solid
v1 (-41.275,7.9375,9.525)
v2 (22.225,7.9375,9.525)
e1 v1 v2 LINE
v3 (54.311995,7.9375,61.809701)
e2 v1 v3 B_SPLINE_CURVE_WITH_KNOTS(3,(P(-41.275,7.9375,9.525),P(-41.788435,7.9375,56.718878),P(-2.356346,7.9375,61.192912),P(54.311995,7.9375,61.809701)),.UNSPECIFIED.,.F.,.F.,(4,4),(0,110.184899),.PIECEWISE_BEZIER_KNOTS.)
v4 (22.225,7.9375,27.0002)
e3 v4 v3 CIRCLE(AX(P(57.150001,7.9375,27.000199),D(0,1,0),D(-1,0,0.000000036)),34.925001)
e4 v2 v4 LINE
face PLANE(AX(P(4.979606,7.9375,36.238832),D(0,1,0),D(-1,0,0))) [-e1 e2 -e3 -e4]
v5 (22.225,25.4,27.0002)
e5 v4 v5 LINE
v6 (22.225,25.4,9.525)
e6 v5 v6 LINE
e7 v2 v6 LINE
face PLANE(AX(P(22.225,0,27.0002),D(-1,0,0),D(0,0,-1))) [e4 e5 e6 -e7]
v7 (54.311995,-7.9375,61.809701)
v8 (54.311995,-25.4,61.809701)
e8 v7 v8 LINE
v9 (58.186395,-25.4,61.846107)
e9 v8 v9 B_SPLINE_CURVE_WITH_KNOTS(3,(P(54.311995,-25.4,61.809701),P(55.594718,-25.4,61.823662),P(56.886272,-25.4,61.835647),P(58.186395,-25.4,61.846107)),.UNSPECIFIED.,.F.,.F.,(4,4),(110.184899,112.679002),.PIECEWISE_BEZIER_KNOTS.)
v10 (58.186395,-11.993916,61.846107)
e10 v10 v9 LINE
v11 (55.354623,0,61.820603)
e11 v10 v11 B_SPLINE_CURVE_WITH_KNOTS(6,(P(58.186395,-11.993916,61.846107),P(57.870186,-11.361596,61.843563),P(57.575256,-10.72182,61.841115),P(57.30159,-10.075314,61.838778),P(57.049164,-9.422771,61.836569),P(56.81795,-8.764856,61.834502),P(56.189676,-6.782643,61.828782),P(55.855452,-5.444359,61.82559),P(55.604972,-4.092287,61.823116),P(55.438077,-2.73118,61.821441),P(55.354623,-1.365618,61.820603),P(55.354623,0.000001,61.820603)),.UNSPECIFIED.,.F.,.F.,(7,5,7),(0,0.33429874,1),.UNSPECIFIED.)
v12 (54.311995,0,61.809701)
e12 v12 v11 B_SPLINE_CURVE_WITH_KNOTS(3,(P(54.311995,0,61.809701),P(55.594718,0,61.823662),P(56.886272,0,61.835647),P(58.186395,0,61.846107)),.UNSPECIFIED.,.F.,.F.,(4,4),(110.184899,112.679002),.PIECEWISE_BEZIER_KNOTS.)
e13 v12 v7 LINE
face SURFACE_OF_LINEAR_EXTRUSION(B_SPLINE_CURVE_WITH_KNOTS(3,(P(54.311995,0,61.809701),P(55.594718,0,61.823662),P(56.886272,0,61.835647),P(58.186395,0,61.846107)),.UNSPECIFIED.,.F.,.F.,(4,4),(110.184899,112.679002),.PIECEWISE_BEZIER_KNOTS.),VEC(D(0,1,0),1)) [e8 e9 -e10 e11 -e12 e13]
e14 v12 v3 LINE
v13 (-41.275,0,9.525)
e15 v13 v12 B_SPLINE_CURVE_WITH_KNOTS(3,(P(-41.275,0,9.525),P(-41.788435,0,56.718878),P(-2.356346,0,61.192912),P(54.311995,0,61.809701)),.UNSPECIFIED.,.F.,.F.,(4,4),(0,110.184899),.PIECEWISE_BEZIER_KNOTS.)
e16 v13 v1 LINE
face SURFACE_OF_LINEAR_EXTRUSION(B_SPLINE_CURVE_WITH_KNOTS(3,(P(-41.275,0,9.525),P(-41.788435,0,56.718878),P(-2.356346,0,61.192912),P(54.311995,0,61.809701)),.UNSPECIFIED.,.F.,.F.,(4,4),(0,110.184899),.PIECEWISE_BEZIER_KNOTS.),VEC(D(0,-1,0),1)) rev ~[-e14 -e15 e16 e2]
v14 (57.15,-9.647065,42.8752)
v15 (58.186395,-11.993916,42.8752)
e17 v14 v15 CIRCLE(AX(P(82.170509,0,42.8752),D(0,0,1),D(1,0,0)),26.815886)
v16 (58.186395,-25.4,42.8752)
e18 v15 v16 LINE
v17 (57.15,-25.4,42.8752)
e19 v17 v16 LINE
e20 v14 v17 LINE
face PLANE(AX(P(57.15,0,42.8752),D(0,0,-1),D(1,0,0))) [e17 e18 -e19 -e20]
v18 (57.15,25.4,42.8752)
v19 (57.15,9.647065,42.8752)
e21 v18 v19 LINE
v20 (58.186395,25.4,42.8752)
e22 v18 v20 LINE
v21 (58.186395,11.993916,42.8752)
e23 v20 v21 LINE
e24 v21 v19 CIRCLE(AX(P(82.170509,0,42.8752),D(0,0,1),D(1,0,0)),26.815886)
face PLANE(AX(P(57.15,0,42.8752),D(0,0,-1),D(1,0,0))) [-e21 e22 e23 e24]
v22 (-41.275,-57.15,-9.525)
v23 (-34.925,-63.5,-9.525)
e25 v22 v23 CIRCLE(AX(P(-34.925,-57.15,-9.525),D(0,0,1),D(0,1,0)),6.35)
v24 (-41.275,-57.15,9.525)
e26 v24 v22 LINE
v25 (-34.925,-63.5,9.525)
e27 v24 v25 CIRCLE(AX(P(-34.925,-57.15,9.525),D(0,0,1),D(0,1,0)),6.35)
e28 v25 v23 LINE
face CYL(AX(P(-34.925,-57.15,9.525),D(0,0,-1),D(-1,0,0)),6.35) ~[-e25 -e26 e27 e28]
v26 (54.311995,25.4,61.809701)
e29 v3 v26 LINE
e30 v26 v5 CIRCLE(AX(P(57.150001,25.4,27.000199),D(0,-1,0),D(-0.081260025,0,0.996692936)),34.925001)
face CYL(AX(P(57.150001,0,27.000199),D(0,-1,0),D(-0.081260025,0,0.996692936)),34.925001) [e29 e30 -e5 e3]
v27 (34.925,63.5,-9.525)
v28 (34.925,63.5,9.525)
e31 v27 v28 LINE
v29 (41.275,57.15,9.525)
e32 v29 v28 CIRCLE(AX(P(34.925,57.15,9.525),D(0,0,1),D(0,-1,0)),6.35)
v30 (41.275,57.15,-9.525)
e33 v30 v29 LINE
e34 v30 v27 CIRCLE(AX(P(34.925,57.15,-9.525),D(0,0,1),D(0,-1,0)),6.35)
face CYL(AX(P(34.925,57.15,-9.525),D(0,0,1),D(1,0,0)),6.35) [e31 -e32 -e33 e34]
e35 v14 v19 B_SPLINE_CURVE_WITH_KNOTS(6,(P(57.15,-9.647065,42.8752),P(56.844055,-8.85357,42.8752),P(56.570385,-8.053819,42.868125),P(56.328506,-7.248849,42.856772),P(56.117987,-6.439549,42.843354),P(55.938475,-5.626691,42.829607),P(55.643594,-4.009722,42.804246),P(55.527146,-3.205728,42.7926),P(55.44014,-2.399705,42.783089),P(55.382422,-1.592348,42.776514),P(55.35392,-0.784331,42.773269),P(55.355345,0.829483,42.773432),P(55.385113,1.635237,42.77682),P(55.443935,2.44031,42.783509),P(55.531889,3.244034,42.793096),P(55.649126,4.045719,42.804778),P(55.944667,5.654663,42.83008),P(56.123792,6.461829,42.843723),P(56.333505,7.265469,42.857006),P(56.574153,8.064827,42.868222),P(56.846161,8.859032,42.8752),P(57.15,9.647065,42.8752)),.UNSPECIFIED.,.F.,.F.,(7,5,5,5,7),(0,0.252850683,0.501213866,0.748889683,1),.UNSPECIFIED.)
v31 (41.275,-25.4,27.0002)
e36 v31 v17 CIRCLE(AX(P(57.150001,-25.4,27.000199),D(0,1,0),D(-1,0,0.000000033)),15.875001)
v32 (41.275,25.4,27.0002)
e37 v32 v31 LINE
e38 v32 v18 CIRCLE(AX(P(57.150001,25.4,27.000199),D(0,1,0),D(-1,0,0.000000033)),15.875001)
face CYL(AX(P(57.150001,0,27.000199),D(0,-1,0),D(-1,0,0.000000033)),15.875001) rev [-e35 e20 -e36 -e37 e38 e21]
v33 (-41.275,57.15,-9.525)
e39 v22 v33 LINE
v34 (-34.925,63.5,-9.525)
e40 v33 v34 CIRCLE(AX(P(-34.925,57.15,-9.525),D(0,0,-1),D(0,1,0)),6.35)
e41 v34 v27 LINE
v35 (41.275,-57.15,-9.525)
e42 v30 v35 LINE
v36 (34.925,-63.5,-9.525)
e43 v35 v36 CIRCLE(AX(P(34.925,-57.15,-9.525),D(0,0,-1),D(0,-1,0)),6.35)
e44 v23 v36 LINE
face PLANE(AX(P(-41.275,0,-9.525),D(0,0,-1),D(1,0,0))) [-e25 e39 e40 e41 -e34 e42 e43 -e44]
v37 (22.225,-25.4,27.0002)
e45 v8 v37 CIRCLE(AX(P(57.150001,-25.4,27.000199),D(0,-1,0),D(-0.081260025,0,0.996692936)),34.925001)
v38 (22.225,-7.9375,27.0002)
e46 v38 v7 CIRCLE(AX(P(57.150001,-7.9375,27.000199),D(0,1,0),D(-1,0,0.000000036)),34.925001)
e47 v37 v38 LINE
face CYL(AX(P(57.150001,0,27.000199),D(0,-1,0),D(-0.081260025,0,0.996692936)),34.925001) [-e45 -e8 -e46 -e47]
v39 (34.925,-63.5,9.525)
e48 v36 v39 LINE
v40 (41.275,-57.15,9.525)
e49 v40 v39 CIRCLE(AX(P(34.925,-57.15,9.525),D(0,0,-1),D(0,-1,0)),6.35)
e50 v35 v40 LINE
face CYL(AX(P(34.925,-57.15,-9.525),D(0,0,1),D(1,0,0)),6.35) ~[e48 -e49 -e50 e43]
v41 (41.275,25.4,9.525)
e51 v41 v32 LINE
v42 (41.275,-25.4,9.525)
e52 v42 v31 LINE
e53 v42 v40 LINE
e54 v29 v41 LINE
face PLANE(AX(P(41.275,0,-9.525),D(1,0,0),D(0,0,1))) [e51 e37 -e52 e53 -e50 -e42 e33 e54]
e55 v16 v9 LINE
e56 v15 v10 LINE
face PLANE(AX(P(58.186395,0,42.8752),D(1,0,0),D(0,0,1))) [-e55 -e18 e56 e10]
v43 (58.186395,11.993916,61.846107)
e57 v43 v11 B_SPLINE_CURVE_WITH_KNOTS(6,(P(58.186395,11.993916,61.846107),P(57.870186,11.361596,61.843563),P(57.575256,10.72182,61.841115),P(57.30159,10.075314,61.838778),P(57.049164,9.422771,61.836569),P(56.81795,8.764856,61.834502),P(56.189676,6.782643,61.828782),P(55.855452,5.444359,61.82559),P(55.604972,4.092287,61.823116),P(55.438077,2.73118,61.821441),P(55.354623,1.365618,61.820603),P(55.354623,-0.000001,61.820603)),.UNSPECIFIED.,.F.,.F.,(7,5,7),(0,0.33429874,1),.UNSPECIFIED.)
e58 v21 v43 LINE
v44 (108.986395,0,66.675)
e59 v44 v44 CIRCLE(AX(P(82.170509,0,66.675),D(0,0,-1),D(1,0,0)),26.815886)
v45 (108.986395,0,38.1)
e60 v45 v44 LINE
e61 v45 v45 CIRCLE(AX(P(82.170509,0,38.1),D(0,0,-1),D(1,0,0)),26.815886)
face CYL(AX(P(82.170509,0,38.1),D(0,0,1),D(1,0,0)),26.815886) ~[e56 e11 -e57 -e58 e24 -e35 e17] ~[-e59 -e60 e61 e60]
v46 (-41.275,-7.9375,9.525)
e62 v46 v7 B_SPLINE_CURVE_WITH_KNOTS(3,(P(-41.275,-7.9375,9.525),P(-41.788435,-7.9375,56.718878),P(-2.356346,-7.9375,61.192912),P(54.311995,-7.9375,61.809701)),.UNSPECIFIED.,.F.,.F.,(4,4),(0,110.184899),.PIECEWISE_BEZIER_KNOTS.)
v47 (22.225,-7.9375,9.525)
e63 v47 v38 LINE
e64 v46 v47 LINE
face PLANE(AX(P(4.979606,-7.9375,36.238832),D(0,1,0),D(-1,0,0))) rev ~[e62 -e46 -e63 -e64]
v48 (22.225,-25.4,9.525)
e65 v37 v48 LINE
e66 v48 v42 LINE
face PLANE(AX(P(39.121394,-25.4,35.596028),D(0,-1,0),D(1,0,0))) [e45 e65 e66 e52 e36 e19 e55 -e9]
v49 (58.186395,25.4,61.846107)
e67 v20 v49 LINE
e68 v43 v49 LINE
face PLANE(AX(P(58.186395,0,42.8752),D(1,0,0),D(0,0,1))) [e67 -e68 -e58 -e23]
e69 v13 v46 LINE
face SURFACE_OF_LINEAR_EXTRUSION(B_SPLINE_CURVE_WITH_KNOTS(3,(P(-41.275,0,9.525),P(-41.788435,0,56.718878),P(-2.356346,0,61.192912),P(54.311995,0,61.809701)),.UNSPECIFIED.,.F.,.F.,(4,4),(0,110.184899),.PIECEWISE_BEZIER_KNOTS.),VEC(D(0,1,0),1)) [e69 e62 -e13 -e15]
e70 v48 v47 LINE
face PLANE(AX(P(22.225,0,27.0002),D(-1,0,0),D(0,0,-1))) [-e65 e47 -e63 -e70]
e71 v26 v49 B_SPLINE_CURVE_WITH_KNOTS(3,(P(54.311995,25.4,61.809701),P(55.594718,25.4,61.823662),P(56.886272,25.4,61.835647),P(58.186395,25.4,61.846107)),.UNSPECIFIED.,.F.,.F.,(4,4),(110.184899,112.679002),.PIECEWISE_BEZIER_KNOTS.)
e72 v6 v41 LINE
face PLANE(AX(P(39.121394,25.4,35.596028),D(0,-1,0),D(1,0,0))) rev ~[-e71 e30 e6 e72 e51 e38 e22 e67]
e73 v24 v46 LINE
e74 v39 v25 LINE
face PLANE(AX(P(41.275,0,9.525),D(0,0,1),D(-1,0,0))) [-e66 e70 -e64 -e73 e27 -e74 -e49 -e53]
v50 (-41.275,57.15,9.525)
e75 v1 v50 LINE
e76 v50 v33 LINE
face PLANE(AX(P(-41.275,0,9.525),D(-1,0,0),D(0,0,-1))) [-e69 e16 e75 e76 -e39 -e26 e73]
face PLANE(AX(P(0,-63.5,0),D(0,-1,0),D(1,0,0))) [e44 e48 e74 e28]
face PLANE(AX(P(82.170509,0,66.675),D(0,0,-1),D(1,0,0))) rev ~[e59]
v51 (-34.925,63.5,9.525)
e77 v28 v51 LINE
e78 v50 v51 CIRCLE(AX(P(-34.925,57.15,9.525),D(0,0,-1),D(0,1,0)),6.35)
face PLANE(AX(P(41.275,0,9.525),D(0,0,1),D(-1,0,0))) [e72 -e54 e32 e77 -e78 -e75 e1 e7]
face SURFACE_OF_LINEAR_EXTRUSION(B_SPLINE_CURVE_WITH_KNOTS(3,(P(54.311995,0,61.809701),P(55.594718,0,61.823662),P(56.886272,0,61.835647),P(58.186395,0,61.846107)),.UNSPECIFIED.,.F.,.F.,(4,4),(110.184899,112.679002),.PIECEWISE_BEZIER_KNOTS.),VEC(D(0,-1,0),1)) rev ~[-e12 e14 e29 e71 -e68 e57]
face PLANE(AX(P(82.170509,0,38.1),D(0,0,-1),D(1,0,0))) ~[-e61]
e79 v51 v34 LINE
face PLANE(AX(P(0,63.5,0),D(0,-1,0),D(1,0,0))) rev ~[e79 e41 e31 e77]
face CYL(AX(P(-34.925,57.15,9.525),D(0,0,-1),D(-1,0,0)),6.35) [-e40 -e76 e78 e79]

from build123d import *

# Parameters (mm, degrees)
F1_DEPTH = 63.5
F2_DEPTH = 25.4
F3_DEPTH = 7.9375
F5_R     = 6.35


with BuildPart() as f1:
    # F0 (on Front) → F1 (new body, symmetric)
    with BuildSketch(Plane.XZ):
        Polygon((-41.275, -9.525), (41.275, -9.525), (41.275, 9.525), (22.225, 9.525), (-41.275, 9.525), align=None)
    extrude(amount=F1_DEPTH, both=True)

    # F0 (on Front) → F2 (join, symmetric)
    with BuildSketch(Plane.XZ):
        with BuildLine():
            Line((22.225, 9.525), (41.275, 9.525))
            Line((41.275, 9.525), (41.275, 27.0002))
            ThreePointArc((41.275, 27.0002), (45.92468, 38.22552), (57.15, 42.8752))
            Line((57.15, 42.8752), (58.186395, 42.8752))
            Line((58.186395, 42.8752), (58.186395, 61.846107))
            add(Edge.make_bspline(
                [(54.311995, 61.809701), (55.594718, 61.823662), (56.886272, 61.835647), (58.186395, 61.846107)],
                knots=[110.184899, 110.184899, 110.184899, 110.184899, 112.679002, 112.679002, 112.679002, 112.679002], degree=3))
            ThreePointArc((54.311995, 61.809701), (31.470505, 50.671261), (22.225, 27.0002))
            Line((22.225, 27.0002), (22.225, 9.525))
        make_face()
    extrude(amount=F2_DEPTH, both=True)

    # F0 (on Front) → F3 (join, symmetric)
    with BuildSketch(Plane.XZ):
        with BuildLine():
            add(Edge.make_bspline(
                [(-41.275, 9.525), (-41.788435, 56.718878), (-2.356346, 61.192912), (54.311995, 61.809701)],
                knots=[0, 0, 0, 0, 110.184899, 110.184899, 110.184899, 110.184899], degree=3))
            Line((-41.275, 9.525), (22.225, 9.525))
            Line((22.225, 9.525), (22.225, 27.0002))
            ThreePointArc((22.225, 27.0002), (31.470505, 50.671261), (54.311995, 61.809701))
        make_face()
    extrude(amount=F3_DEPTH, both=True)

    # F0 (on Front) → F4 (revolve)
    with BuildSketch(Plane.XZ):
        Polygon((82.170509, 61.855137), (82.170509, 42.8752), (82.170509, 38.1), (108.986395, 38.1), (108.986395, 66.675), (82.170509, 66.675), align=None)
    revolve(axis=Axis((82.170509, 0, 51.389013), (0, 0, -1)))

    # F5
    f5_edges = [f1.edges().sort_by_distance(p)[0] for p in [
        (41.275, -63.5, 0),
        (-41.275, -63.5, 0),
        (41.275, 63.5, 0),
        (-41.275, 63.5, 0),
    ]]
    fillet(f5_edges, radius=F5_R)


solid = f1.part
